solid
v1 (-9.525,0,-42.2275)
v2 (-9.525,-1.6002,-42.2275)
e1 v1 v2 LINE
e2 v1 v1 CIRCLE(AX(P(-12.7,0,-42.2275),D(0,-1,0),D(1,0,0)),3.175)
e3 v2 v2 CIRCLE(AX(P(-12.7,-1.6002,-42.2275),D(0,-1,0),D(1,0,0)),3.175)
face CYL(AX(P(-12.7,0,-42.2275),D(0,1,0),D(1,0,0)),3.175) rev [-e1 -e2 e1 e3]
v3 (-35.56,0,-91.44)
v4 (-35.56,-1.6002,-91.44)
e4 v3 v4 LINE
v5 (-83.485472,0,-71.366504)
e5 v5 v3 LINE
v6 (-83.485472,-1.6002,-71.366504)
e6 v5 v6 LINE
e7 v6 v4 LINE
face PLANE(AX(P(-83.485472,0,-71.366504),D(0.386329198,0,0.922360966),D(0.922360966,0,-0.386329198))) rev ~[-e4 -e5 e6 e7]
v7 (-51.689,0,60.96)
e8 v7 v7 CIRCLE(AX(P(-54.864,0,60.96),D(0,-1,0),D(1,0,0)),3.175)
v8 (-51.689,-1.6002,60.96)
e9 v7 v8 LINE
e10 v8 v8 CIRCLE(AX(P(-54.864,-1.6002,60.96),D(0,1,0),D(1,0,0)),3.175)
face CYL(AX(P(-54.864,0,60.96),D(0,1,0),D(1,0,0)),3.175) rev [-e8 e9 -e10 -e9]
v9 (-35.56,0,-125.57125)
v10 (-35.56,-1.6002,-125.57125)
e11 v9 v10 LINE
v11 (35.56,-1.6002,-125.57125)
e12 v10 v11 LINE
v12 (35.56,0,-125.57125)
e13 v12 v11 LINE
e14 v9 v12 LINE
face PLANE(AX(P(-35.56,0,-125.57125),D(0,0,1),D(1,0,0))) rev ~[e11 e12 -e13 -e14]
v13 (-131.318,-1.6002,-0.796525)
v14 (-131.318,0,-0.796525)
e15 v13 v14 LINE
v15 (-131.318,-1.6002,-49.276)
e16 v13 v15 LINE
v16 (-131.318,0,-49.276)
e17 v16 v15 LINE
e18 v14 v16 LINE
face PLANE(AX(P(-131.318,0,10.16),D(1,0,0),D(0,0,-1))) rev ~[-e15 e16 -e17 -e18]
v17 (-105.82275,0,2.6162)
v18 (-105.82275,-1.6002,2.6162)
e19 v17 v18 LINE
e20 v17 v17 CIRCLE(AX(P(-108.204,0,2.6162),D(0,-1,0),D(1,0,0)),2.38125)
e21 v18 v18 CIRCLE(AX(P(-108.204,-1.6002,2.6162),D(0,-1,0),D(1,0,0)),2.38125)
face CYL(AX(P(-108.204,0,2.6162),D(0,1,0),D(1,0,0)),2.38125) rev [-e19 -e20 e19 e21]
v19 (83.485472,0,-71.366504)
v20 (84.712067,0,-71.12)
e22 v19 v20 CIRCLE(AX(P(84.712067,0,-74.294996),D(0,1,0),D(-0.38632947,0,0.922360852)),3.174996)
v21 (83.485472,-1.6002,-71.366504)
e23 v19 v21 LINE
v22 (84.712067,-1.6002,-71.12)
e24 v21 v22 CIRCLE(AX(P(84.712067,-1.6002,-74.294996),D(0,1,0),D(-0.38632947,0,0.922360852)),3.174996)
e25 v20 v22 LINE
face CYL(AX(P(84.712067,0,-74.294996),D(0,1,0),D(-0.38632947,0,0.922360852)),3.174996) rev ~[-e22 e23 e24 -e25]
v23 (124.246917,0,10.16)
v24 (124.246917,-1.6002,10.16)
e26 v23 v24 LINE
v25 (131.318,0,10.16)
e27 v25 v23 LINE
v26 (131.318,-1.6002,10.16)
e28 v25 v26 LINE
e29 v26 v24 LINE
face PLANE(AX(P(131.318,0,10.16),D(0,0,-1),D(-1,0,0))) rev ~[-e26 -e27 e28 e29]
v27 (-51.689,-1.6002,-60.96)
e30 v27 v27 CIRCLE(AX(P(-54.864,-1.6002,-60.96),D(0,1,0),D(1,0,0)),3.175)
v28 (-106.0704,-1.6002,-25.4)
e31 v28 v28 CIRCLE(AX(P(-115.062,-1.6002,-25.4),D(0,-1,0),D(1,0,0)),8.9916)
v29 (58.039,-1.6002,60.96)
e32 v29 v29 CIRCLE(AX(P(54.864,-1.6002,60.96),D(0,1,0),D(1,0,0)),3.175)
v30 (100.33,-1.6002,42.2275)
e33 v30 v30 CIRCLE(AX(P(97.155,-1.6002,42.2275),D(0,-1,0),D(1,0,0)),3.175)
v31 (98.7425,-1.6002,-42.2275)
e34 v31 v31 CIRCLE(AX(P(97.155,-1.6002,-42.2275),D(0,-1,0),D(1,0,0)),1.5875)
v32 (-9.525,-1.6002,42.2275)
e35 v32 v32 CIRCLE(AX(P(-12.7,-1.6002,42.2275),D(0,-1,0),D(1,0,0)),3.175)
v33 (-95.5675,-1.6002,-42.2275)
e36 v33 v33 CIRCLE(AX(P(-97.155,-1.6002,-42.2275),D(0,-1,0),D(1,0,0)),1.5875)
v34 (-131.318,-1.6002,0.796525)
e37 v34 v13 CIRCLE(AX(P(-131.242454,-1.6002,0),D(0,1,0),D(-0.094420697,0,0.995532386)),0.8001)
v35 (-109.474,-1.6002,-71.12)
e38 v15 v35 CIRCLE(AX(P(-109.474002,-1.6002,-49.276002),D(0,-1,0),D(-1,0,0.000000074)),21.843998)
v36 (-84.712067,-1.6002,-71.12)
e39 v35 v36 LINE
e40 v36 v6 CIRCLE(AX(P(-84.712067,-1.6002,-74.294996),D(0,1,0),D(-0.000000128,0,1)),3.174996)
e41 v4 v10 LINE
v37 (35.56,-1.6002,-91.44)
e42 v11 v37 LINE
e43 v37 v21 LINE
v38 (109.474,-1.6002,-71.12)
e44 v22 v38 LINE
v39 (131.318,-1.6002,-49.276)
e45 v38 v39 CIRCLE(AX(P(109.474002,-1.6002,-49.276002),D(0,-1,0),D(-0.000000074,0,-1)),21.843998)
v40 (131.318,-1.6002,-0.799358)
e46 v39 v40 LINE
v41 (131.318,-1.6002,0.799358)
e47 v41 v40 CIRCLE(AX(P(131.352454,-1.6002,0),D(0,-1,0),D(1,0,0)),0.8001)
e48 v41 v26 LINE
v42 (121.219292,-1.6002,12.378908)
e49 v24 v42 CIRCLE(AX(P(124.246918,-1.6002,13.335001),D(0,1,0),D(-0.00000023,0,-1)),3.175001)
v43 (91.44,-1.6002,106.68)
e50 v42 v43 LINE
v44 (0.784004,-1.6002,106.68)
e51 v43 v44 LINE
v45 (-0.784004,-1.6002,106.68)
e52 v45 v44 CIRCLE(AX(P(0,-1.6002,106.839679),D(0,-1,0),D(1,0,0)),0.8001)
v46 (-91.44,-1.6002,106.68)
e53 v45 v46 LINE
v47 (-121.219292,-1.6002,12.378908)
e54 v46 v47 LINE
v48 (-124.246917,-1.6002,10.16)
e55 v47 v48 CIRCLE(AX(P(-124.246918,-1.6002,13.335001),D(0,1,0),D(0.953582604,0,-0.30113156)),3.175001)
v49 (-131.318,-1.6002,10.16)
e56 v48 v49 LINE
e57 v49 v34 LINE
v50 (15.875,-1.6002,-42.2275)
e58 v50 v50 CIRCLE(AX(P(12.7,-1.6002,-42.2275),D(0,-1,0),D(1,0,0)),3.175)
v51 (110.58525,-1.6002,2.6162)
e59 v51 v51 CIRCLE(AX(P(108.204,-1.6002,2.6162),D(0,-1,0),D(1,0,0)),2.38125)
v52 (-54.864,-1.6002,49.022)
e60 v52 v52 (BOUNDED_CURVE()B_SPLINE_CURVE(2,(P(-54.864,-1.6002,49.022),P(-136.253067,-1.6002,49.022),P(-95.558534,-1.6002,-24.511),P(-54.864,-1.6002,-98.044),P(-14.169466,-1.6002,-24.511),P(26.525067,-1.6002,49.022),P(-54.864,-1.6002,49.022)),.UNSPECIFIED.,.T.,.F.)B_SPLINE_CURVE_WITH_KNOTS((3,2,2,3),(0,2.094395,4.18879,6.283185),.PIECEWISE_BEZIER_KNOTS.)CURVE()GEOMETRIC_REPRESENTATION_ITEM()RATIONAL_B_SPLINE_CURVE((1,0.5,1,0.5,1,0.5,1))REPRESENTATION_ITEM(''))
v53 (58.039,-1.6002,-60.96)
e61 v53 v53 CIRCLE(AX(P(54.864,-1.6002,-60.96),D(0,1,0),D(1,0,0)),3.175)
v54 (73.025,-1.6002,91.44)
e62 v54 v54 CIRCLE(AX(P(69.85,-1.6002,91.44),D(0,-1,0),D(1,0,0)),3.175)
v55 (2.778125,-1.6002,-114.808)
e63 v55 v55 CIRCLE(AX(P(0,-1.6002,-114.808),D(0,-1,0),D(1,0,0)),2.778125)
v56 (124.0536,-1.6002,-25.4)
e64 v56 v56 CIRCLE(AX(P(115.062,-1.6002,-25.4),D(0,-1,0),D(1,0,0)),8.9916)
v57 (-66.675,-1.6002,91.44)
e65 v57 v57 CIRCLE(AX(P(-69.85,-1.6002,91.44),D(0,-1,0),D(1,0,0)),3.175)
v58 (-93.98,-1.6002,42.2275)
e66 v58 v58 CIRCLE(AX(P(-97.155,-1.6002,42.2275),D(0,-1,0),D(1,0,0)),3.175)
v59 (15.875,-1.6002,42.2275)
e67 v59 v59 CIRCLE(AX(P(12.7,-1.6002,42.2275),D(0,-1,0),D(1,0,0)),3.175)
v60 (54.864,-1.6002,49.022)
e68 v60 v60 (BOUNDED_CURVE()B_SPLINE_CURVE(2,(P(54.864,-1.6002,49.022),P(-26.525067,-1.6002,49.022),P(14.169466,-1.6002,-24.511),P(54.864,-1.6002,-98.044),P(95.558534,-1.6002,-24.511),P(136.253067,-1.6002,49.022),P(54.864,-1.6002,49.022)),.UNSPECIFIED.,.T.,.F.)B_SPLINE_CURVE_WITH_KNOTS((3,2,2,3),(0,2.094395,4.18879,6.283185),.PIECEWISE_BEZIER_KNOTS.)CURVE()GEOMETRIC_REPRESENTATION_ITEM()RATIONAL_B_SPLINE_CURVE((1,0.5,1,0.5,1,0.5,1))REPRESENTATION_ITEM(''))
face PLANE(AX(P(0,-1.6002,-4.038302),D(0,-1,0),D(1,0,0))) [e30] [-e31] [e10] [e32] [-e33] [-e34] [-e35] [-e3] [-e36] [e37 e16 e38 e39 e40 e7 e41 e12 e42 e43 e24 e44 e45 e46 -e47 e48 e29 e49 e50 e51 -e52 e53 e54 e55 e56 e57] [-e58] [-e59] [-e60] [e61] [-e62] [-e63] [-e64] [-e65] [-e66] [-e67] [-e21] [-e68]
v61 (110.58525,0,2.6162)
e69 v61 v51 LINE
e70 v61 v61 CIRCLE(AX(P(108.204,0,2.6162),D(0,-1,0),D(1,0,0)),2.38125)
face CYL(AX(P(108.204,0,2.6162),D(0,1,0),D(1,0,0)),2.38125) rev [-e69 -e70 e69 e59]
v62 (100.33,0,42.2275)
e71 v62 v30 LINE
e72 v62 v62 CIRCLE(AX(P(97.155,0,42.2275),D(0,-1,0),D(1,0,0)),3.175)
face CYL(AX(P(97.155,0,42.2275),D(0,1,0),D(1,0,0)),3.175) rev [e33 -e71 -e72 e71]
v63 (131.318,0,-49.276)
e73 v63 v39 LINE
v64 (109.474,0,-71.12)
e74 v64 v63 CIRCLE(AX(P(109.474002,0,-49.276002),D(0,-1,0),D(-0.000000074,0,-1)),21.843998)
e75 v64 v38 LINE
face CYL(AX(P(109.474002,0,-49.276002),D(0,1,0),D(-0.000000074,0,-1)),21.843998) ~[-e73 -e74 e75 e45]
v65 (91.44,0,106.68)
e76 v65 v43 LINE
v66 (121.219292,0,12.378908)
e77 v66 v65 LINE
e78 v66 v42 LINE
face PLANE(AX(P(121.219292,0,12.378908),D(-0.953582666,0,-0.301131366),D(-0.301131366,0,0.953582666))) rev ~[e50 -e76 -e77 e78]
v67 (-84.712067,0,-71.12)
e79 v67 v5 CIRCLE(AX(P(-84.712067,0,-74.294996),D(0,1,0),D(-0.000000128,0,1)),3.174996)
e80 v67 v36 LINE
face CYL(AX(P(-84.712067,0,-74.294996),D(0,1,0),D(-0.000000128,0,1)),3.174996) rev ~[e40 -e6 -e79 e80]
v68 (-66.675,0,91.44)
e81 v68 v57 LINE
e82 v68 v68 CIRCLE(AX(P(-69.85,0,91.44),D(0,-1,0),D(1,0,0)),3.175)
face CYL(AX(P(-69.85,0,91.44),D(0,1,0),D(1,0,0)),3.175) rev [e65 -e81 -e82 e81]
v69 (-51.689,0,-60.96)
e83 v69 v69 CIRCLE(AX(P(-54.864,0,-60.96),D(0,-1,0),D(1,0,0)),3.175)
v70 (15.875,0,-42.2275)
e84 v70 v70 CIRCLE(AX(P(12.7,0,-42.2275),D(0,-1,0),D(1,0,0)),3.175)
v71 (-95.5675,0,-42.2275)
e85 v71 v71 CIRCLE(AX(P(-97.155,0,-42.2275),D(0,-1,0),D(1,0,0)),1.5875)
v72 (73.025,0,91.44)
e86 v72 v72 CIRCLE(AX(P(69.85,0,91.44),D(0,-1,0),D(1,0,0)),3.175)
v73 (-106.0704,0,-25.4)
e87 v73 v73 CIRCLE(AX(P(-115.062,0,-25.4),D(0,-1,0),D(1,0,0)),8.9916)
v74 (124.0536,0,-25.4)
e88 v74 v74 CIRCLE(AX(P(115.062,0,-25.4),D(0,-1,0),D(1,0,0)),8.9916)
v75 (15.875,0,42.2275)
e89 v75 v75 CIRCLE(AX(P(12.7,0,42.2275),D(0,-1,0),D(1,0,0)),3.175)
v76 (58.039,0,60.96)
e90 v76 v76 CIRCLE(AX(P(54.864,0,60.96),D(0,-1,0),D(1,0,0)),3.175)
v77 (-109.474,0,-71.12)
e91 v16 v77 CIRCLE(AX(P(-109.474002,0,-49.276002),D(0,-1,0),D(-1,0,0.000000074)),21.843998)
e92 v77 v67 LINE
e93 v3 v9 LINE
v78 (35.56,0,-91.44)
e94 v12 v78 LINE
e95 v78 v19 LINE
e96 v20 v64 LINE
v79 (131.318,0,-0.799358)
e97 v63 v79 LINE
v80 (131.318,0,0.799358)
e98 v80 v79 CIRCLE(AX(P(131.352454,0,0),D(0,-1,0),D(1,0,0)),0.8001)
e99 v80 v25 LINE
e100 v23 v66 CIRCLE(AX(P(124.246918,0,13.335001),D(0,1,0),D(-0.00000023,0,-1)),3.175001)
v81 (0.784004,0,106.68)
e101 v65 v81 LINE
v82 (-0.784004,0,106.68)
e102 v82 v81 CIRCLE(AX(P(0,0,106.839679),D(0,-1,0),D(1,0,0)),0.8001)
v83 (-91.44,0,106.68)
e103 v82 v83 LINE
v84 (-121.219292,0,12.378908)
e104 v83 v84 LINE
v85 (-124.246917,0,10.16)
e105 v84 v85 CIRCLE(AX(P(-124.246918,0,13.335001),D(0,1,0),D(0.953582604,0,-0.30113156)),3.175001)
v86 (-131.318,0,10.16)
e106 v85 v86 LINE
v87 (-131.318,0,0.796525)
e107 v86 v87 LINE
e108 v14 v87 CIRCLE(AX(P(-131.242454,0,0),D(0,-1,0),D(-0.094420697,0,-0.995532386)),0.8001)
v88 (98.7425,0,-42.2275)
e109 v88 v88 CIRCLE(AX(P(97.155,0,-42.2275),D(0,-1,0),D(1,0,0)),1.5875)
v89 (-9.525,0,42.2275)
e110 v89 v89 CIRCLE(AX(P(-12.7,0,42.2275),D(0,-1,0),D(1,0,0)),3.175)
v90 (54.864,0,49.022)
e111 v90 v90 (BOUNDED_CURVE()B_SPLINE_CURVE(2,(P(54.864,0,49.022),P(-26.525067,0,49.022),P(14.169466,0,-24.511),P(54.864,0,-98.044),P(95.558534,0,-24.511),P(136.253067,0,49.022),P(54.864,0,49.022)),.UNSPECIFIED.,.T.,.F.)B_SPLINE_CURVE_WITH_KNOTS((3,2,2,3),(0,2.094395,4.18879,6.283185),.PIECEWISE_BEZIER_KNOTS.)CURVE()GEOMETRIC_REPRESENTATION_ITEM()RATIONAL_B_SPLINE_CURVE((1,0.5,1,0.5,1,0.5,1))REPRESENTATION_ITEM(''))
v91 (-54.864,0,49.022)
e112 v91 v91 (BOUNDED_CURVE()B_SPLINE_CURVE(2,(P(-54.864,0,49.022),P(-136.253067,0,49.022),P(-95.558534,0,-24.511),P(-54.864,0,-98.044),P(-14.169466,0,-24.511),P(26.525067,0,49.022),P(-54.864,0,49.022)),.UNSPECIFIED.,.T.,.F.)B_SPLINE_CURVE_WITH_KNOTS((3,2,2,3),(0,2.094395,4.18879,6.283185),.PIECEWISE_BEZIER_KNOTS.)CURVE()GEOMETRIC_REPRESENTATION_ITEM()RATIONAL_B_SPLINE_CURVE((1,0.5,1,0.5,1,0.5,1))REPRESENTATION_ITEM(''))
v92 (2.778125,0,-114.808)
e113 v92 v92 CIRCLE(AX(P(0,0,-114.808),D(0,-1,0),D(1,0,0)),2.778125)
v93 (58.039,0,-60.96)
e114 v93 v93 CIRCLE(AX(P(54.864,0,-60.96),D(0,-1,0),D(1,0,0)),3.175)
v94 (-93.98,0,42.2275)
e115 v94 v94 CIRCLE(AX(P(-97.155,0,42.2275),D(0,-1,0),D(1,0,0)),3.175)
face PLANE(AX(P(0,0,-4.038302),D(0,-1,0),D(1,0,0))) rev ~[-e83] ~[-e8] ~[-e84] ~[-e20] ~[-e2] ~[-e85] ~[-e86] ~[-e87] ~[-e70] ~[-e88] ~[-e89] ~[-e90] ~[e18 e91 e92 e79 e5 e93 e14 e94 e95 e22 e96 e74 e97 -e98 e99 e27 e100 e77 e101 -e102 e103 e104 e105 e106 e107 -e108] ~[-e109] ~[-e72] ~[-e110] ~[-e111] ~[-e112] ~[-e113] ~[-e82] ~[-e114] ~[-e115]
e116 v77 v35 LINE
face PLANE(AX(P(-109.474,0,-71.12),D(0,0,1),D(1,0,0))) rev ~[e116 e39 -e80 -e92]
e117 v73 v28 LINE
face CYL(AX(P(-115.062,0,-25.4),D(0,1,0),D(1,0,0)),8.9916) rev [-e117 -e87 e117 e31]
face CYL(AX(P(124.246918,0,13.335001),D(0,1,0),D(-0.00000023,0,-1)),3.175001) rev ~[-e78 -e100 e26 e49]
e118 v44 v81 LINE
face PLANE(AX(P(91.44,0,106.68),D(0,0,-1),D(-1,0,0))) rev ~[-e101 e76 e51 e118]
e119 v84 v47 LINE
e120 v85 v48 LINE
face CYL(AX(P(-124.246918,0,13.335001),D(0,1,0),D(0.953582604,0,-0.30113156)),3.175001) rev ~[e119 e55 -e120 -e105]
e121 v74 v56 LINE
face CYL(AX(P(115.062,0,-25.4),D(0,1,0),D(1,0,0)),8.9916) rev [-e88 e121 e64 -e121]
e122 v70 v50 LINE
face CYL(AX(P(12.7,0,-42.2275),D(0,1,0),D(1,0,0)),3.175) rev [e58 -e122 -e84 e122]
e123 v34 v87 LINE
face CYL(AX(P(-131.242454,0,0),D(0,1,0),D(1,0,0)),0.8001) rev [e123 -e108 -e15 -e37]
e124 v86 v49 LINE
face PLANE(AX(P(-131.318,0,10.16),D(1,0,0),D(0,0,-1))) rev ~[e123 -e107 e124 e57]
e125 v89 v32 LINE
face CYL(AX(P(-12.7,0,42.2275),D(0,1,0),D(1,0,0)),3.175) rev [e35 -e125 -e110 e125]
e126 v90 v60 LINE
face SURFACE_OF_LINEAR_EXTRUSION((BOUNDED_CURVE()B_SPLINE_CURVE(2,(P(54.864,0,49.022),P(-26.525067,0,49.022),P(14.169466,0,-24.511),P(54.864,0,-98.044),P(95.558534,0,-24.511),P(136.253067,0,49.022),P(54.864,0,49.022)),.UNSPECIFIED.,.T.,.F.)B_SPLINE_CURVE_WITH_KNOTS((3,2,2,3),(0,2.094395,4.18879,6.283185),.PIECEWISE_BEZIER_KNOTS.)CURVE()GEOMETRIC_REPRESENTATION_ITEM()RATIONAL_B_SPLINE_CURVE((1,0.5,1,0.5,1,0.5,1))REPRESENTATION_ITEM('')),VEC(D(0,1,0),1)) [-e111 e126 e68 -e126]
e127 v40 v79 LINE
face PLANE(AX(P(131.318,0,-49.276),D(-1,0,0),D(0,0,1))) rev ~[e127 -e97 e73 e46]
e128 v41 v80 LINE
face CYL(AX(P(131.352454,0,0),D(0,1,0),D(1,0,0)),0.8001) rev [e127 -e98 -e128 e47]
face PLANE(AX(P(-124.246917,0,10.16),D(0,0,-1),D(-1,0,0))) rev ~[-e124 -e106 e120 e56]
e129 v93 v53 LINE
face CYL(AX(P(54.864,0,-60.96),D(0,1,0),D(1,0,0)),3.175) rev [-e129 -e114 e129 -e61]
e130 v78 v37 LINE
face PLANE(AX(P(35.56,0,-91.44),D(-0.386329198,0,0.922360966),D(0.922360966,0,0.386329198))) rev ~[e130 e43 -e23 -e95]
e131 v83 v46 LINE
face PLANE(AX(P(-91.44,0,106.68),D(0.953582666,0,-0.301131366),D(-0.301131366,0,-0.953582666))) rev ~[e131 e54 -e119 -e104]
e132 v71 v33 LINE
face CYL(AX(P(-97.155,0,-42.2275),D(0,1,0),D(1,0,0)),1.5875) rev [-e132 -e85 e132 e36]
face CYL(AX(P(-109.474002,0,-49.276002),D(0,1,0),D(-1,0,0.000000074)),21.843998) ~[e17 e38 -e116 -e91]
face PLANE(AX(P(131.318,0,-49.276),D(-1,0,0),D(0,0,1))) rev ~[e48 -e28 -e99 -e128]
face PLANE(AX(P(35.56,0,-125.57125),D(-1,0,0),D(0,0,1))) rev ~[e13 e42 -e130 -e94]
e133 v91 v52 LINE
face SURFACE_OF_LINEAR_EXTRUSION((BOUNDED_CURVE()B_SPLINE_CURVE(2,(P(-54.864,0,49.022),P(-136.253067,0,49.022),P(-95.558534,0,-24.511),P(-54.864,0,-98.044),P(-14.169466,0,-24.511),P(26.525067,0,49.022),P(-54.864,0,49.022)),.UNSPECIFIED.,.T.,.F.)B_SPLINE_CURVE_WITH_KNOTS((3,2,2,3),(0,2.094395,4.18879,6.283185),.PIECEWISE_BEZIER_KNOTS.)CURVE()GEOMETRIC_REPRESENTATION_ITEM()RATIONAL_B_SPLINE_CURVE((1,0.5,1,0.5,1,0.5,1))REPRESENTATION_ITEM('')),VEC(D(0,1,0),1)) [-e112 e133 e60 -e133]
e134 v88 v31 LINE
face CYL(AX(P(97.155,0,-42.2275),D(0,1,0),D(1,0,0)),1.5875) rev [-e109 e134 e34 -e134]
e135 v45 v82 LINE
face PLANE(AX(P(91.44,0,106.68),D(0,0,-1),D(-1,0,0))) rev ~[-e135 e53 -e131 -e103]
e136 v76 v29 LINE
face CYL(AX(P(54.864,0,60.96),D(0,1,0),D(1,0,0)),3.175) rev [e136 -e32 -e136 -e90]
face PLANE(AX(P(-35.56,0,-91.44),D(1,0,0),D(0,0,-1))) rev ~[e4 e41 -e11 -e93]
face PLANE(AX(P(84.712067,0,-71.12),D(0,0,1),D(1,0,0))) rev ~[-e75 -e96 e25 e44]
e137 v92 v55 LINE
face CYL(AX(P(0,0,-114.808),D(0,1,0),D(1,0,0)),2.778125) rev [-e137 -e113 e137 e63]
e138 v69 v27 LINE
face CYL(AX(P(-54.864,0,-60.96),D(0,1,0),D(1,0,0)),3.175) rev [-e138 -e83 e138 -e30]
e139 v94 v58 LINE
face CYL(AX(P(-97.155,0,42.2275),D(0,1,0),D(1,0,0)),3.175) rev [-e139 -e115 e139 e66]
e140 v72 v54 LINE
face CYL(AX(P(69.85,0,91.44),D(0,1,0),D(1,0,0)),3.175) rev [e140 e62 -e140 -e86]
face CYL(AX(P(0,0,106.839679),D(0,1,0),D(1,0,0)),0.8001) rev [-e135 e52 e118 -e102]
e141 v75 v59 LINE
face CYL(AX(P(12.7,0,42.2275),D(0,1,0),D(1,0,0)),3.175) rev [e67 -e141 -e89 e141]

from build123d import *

# Parameters (mm, degrees)
F2_DEPTH = 1.6002
F1_R     = 8.9916
F1_R_2   = 3.175
F1_R_3   = 1.5875
F1_R_4   = 2.778125
F1_R_5   = 2.38125
F1_R_6   = 0.8001
F3_DEPTH = 1.6002
F4_R     = 3.175
F5_DEPTH = 4.1402


with BuildPart() as f2:
    # F0 (on Front) → F2 (new body)
    with BuildSketch(Plane.XZ):
        with BuildLine():
            Line((91.44, 106.68), (0, 106.68))
            Line((0, 106.68), (-91.44, 106.68))
            Line((-91.44, 106.68), (-121.219292, 12.378908))
            ThreePointArc((-121.219292, 12.378908), (-122.37008, 10.77412), (-124.246917, 10.16))
            Line((-124.246917, 10.16), (-131.318, 10.16))
            Line((-131.318, 10.16), (-131.318, -49.276))
            ThreePointArc((-131.318, -49.276), (-124.920041, -64.722041), (-109.474, -71.12))
            Line((-109.474, -71.12), (-84.712067, -71.12))
            ThreePointArc((-84.712067, -71.12), (-84.086507, -71.182236), (-83.485472, -71.366504))
            Line((-83.485472, -71.366504), (-35.56, -91.44))
            Line((-35.56, -91.44), (-35.56, -125.57125))
            Line((-35.56, -125.57125), (0, -125.57125))
            Line((0, -125.57125), (35.56, -125.57125))
            Line((35.56, -125.57125), (35.56, -91.44))
            Line((35.56, -91.44), (83.485472, -71.366504))
            ThreePointArc((83.485472, -71.366504), (84.086507, -71.182236), (84.712067, -71.12))
            Line((84.712067, -71.12), (109.474, -71.12))
            ThreePointArc((109.474, -71.12), (124.920041, -64.722041), (131.318, -49.276))
            Line((131.318, -49.276), (131.318, 10.16))
            Line((131.318, 10.16), (124.246917, 10.16))
            ThreePointArc((124.246917, 10.16), (122.37008, 10.77412), (121.219292, 12.378908))
            Line((121.219292, 12.378908), (91.44, 106.68))
        make_face()
    extrude(amount=F2_DEPTH)

    # F1 (on Front) → F3 (cut)
    with BuildSketch(Plane.XZ):
        with Locations((-115.062, -25.4)):
            Circle(F1_R)
        with Locations((-69.85, 91.44)):
            Circle(F1_R_2)
        with Locations((-97.155, 42.2275)):
            Circle(F1_R_2)
        with Locations((-97.155, -42.2275)):
            Circle(F1_R_3)
        with Locations((-12.7, 42.2275)):
            Circle(F1_R_2)
        with Locations((-12.7, -42.2275)):
            Circle(F1_R_2)
        with Locations((0, -114.808)):
            Circle(F1_R_4)
        with Locations((-108.204, 2.6162)):
            Circle(F1_R_5)
        with Locations((97.155, -42.2275)):
            Circle(F1_R_3)
        with Locations((108.204, 2.6162)):
            Circle(F1_R_5)
        with Locations((69.85, 91.44)):
            Circle(F1_R_2)
        with Locations((12.7, -42.2275)):
            Circle(F1_R_2)
        with Locations((97.155, 42.2275)):
            Circle(F1_R_2)
        with Locations((12.7, 42.2275)):
            Circle(F1_R_2)
        with Locations((115.062, -25.4)):
            Circle(F1_R)
        with Locations((0, 106.839679)):
            Circle(F1_R_6)
        with Locations((-131.242454, 0)):
            Circle(F1_R_6)
        with Locations((131.352454, 0)):
            Circle(F1_R_6)
        with BuildLine():
            add(Edge.make_bspline(
                [(54.864, 49.022), (-26.525067, 49.022), (14.169466, -24.511), (54.864, -98.044), (95.558534, -24.511), (136.253067, 49.022), (54.864, 49.022)],
                knots=[0, 0, 0, 2.094395, 2.094395, 4.18879, 4.18879, 6.283185, 6.283185, 6.283185], degree=2, weights=[1, 0.5, 1, 0.5, 1, 0.5, 1]))
        make_face()
        with BuildLine():
            add(Edge.make_bspline(
                [(-54.864, 49.022), (-136.253067, 49.022), (-95.558534, -24.511), (-54.864, -98.044), (-14.169466, -24.511), (26.525067, 49.022), (-54.864, 49.022)],
                knots=[0, 0, 0, 2.094395, 2.094395, 4.18879, 4.18879, 6.283185, 6.283185, 6.283185], degree=2, weights=[1, 0.5, 1, 0.5, 1, 0.5, 1]))
        make_face()
    extrude(amount=F3_DEPTH, mode=Mode.SUBTRACT)

    # F4 (on face) → F5 (cut)
    with BuildSketch(Plane.XZ):
        with Locations((-54.864, 60.96)):
            Circle(F4_R)
        with Locations((-54.864, -60.96)):
            Circle(F4_R)
        with Locations((54.864, -60.96)):
            Circle(F4_R)
        with Locations((54.864, 60.96)):
            Circle(F4_R)
    extrude(amount=F5_DEPTH, mode=Mode.SUBTRACT)


solid = f2.part
